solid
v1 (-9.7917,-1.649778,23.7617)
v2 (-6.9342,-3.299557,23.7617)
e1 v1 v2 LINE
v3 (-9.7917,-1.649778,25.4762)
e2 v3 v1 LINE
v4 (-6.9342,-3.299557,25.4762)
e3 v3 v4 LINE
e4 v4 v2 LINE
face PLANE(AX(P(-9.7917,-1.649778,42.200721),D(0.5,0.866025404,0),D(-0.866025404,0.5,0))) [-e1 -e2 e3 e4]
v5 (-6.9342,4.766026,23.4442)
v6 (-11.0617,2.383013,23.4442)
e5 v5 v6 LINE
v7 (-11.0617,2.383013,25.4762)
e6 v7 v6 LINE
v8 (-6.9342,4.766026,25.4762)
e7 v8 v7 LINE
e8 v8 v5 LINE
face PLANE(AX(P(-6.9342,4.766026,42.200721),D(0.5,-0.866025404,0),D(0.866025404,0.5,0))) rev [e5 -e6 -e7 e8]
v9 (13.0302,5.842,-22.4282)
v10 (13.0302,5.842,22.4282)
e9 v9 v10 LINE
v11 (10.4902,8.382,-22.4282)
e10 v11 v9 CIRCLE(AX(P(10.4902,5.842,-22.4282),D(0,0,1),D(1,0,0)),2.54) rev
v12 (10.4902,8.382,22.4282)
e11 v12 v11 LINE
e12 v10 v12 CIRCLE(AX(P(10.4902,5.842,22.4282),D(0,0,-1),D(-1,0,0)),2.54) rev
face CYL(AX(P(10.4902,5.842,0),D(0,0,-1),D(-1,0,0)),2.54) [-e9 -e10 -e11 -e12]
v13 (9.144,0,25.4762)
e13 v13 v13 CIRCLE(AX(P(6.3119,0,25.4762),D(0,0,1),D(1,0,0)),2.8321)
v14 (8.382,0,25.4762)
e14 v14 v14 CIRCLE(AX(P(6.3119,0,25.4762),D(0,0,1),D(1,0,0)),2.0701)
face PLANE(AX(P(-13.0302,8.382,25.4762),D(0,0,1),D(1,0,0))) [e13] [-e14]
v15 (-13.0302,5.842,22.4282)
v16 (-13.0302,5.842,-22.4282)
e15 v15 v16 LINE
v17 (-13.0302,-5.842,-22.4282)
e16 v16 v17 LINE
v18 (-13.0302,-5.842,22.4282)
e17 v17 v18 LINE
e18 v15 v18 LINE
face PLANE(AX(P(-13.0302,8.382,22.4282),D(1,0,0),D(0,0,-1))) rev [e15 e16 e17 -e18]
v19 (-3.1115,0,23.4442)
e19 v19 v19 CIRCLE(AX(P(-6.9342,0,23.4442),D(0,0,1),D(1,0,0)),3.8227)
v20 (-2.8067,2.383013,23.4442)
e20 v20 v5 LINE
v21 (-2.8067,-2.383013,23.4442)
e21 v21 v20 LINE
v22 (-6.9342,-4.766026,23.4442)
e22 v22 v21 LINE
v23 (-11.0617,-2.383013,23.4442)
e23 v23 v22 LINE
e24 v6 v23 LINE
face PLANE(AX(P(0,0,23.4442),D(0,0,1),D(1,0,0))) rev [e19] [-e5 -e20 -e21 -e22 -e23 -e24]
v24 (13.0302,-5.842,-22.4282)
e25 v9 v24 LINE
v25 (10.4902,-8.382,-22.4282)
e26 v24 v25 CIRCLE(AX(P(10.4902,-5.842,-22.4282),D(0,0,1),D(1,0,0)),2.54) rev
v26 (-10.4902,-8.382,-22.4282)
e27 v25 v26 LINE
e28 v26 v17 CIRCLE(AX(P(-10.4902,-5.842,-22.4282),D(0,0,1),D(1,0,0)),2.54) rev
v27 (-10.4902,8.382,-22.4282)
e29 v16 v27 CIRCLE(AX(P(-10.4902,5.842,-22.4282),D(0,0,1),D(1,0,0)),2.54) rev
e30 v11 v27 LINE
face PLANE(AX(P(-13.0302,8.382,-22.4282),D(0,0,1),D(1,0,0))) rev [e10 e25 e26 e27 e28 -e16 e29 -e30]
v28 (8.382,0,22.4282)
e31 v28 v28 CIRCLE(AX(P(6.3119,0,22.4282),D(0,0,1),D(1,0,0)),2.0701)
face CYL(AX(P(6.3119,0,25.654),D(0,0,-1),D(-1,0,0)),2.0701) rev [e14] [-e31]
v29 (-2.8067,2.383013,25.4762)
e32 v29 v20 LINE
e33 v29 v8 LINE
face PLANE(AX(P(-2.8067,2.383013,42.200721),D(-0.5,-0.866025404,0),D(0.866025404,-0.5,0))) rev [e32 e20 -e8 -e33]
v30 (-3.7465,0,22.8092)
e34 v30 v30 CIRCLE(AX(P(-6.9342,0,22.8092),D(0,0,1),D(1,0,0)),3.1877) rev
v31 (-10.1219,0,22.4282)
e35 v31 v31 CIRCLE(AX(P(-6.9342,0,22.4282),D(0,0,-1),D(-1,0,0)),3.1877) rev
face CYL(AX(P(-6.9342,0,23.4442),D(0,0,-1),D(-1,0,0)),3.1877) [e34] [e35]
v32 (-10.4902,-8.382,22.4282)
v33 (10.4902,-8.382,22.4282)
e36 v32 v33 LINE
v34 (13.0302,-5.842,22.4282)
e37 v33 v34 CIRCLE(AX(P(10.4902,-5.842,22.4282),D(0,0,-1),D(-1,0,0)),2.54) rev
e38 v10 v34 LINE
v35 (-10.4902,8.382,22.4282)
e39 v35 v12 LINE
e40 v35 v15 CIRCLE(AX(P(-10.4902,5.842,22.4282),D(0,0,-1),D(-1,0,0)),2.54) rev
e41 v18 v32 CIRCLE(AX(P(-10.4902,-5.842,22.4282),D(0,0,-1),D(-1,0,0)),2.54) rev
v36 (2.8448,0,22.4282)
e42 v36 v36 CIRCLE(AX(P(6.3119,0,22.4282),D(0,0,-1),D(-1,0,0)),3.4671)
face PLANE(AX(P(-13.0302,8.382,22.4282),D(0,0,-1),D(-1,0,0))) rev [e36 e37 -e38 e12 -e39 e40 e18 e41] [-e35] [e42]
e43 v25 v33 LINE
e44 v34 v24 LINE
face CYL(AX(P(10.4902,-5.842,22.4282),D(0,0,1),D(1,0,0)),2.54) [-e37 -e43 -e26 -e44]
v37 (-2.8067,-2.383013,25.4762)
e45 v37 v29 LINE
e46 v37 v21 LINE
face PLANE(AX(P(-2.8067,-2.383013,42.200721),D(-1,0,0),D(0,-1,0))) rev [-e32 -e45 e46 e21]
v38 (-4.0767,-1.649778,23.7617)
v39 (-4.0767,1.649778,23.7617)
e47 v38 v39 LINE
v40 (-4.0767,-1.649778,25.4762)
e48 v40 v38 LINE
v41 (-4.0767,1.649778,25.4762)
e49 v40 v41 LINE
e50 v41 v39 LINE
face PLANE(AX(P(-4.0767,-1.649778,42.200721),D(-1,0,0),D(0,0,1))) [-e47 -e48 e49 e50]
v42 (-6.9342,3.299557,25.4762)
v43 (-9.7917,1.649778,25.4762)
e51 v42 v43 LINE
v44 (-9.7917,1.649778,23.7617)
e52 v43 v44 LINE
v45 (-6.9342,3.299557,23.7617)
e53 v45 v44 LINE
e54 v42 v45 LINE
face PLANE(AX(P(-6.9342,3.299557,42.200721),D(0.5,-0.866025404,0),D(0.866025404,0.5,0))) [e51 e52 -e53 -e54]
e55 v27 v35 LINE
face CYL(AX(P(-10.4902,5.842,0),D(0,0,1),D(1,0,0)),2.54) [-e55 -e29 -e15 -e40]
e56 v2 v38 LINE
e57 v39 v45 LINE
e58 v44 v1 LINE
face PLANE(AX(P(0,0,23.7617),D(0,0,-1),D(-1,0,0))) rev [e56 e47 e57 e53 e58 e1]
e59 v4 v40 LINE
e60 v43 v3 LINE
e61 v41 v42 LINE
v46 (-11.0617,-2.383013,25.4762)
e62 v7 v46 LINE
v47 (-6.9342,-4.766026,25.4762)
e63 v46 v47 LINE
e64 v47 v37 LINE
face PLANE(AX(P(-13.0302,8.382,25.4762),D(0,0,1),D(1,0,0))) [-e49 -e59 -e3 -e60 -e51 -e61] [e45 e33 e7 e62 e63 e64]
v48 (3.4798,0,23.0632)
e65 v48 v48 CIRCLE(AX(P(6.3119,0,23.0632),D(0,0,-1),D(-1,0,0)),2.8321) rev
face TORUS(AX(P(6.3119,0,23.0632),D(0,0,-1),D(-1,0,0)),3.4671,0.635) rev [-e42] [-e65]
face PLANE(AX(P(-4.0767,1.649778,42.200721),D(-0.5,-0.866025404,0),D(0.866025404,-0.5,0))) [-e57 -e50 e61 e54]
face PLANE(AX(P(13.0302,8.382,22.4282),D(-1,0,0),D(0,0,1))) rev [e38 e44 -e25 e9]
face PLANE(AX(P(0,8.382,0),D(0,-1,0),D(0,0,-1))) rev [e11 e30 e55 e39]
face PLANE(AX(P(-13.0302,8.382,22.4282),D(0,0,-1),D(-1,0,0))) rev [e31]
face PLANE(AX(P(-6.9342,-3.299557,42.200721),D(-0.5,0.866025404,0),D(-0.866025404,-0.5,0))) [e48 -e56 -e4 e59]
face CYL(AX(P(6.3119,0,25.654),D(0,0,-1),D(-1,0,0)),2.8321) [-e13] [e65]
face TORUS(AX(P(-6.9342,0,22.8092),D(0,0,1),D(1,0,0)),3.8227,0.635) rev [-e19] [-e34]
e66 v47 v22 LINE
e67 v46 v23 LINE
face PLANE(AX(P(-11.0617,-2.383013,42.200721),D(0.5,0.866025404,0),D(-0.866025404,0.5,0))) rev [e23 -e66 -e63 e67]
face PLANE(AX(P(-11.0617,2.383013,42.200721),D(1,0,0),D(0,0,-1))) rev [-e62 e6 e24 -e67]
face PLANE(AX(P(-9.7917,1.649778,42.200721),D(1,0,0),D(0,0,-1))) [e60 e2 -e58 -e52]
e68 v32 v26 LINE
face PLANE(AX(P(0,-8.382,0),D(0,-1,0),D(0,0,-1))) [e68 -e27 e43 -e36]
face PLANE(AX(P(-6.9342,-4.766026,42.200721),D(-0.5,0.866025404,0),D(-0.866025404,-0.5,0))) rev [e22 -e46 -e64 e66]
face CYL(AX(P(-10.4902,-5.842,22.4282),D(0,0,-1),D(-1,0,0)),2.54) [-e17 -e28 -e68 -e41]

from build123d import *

# Parameters (mm, degrees)
SKETCH1_W           = 26.0604
SKETCH1_H           = 44.8564
BOSS_EXTRUDE1_DEPTH = 8.382
SKETCH2_R           = 2.8321
SKETCH2_R_2         = 2.0701
BOSS_EXTRUDE2_DEPTH = 3.2258
SKETCH3_R           = 3.1877
BOSS_EXTRUDE3_DEPTH = 1.016
BOSS_EXTRUDE4_DEPTH = 2.5654
FILLET1_R           = 2.54
FILLET2_R           = 0.635
BOSS_EXTRUDE5_DEPTH = 0.3175
FILLET3_R           = 0.635
SKETCH6_W           = 27.559321376
SKETCH6_H           = 27.598108844
CUT_EXTRUDE1_DEPTH  = 0.5334


with BuildPart() as part:
    # Sketch1 → Boss-Extrude1 (new, symmetric)
    with BuildSketch(Plane(origin=(0, 0, 0), x_dir=(1, 0, 0), z_dir=(0, 1, 0))):
        Rectangle(SKETCH1_W, SKETCH1_H)
    extrude(amount=BOSS_EXTRUDE1_DEPTH, both=True)

    # Sketch2 → Boss-Extrude2 (add)
    with BuildSketch(Plane.XY.offset(22.4282)):
        with Locations(Location((6.3119, 0, 0), (0, 0, 180))):
            Circle(SKETCH2_R)
        with Locations((6.3119, 0)):
            Circle(SKETCH2_R_2, mode=Mode.SUBTRACT)
    extrude(amount=BOSS_EXTRUDE2_DEPTH)

    # Sketch3 → Boss-Extrude3 (add)
    with BuildSketch(Plane.XY.offset(22.4282)):
        with Locations(Location((-6.9342, 0, 0), (0, 0, 180))):
            Circle(SKETCH3_R)
    extrude(amount=BOSS_EXTRUDE3_DEPTH)

    # Sketch4 → Boss-Extrude4 (add)
    with BuildSketch(Plane.XY.offset(23.4442)):
        Polygon((-2.8067, 2.383013236), (-6.9342, 4.766026472), (-11.0617, 2.383013236), (-11.0617, -2.383013236), (-6.9342, -4.766026472), (-2.8067, -2.383013236), align=None)
        Polygon((-9.7917, 1.649778394), (-9.7917, -1.649778394), (-6.9342, -3.299556788), (-4.0767, -1.649778394), (-4.0767, 1.649778394), (-6.9342, 3.299556788), align=None, mode=Mode.SUBTRACT)
    extrude(amount=BOSS_EXTRUDE4_DEPTH)

    # Fillet1
    fillet1_edges = [part.edges().sort_by_distance(p)[0] for p in [
        (-13.0302, 8.382, 0),
        (13.0302, 8.382, 0),
        (-13.0302, -8.382, 0),
        (13.0302, -8.382, 0),
    ]]
    fillet(fillet1_edges, radius=FILLET1_R)

    # Fillet2
    fillet2_edges = [part.edges().sort_by_distance(p)[0] for p in [
        (9.144, 0, 22.4282),
    ]]
    fillet(fillet2_edges, radius=FILLET2_R)

    # Sketch5 → Boss-Extrude5 (add)
    with BuildSketch(Plane.XY.offset(23.4442)):
        Polygon((-9.7917, -1.649778394), (-9.7917, 1.649778394), (-6.9342, 3.299556788), (-4.0767, 1.649778394), (-4.0767, -1.649778394), (-6.9342, -3.299556788), align=None)
    extrude(amount=BOSS_EXTRUDE5_DEPTH)

    # Fillet3
    fillet3_edges = [part.edges().sort_by_distance(p)[0] for p in [
        (-3.7465, 0, 23.4442),
    ]]
    fillet(fillet3_edges, radius=FILLET3_R)

    # Sketch6 → Cut-Extrude1 (cut)
    with BuildSketch(Plane.XY.offset(26.0096)):
        Rectangle(SKETCH6_W, SKETCH6_H)
    extrude(amount=-CUT_EXTRUDE1_DEPTH, mode=Mode.SUBTRACT)


solid = part.part
